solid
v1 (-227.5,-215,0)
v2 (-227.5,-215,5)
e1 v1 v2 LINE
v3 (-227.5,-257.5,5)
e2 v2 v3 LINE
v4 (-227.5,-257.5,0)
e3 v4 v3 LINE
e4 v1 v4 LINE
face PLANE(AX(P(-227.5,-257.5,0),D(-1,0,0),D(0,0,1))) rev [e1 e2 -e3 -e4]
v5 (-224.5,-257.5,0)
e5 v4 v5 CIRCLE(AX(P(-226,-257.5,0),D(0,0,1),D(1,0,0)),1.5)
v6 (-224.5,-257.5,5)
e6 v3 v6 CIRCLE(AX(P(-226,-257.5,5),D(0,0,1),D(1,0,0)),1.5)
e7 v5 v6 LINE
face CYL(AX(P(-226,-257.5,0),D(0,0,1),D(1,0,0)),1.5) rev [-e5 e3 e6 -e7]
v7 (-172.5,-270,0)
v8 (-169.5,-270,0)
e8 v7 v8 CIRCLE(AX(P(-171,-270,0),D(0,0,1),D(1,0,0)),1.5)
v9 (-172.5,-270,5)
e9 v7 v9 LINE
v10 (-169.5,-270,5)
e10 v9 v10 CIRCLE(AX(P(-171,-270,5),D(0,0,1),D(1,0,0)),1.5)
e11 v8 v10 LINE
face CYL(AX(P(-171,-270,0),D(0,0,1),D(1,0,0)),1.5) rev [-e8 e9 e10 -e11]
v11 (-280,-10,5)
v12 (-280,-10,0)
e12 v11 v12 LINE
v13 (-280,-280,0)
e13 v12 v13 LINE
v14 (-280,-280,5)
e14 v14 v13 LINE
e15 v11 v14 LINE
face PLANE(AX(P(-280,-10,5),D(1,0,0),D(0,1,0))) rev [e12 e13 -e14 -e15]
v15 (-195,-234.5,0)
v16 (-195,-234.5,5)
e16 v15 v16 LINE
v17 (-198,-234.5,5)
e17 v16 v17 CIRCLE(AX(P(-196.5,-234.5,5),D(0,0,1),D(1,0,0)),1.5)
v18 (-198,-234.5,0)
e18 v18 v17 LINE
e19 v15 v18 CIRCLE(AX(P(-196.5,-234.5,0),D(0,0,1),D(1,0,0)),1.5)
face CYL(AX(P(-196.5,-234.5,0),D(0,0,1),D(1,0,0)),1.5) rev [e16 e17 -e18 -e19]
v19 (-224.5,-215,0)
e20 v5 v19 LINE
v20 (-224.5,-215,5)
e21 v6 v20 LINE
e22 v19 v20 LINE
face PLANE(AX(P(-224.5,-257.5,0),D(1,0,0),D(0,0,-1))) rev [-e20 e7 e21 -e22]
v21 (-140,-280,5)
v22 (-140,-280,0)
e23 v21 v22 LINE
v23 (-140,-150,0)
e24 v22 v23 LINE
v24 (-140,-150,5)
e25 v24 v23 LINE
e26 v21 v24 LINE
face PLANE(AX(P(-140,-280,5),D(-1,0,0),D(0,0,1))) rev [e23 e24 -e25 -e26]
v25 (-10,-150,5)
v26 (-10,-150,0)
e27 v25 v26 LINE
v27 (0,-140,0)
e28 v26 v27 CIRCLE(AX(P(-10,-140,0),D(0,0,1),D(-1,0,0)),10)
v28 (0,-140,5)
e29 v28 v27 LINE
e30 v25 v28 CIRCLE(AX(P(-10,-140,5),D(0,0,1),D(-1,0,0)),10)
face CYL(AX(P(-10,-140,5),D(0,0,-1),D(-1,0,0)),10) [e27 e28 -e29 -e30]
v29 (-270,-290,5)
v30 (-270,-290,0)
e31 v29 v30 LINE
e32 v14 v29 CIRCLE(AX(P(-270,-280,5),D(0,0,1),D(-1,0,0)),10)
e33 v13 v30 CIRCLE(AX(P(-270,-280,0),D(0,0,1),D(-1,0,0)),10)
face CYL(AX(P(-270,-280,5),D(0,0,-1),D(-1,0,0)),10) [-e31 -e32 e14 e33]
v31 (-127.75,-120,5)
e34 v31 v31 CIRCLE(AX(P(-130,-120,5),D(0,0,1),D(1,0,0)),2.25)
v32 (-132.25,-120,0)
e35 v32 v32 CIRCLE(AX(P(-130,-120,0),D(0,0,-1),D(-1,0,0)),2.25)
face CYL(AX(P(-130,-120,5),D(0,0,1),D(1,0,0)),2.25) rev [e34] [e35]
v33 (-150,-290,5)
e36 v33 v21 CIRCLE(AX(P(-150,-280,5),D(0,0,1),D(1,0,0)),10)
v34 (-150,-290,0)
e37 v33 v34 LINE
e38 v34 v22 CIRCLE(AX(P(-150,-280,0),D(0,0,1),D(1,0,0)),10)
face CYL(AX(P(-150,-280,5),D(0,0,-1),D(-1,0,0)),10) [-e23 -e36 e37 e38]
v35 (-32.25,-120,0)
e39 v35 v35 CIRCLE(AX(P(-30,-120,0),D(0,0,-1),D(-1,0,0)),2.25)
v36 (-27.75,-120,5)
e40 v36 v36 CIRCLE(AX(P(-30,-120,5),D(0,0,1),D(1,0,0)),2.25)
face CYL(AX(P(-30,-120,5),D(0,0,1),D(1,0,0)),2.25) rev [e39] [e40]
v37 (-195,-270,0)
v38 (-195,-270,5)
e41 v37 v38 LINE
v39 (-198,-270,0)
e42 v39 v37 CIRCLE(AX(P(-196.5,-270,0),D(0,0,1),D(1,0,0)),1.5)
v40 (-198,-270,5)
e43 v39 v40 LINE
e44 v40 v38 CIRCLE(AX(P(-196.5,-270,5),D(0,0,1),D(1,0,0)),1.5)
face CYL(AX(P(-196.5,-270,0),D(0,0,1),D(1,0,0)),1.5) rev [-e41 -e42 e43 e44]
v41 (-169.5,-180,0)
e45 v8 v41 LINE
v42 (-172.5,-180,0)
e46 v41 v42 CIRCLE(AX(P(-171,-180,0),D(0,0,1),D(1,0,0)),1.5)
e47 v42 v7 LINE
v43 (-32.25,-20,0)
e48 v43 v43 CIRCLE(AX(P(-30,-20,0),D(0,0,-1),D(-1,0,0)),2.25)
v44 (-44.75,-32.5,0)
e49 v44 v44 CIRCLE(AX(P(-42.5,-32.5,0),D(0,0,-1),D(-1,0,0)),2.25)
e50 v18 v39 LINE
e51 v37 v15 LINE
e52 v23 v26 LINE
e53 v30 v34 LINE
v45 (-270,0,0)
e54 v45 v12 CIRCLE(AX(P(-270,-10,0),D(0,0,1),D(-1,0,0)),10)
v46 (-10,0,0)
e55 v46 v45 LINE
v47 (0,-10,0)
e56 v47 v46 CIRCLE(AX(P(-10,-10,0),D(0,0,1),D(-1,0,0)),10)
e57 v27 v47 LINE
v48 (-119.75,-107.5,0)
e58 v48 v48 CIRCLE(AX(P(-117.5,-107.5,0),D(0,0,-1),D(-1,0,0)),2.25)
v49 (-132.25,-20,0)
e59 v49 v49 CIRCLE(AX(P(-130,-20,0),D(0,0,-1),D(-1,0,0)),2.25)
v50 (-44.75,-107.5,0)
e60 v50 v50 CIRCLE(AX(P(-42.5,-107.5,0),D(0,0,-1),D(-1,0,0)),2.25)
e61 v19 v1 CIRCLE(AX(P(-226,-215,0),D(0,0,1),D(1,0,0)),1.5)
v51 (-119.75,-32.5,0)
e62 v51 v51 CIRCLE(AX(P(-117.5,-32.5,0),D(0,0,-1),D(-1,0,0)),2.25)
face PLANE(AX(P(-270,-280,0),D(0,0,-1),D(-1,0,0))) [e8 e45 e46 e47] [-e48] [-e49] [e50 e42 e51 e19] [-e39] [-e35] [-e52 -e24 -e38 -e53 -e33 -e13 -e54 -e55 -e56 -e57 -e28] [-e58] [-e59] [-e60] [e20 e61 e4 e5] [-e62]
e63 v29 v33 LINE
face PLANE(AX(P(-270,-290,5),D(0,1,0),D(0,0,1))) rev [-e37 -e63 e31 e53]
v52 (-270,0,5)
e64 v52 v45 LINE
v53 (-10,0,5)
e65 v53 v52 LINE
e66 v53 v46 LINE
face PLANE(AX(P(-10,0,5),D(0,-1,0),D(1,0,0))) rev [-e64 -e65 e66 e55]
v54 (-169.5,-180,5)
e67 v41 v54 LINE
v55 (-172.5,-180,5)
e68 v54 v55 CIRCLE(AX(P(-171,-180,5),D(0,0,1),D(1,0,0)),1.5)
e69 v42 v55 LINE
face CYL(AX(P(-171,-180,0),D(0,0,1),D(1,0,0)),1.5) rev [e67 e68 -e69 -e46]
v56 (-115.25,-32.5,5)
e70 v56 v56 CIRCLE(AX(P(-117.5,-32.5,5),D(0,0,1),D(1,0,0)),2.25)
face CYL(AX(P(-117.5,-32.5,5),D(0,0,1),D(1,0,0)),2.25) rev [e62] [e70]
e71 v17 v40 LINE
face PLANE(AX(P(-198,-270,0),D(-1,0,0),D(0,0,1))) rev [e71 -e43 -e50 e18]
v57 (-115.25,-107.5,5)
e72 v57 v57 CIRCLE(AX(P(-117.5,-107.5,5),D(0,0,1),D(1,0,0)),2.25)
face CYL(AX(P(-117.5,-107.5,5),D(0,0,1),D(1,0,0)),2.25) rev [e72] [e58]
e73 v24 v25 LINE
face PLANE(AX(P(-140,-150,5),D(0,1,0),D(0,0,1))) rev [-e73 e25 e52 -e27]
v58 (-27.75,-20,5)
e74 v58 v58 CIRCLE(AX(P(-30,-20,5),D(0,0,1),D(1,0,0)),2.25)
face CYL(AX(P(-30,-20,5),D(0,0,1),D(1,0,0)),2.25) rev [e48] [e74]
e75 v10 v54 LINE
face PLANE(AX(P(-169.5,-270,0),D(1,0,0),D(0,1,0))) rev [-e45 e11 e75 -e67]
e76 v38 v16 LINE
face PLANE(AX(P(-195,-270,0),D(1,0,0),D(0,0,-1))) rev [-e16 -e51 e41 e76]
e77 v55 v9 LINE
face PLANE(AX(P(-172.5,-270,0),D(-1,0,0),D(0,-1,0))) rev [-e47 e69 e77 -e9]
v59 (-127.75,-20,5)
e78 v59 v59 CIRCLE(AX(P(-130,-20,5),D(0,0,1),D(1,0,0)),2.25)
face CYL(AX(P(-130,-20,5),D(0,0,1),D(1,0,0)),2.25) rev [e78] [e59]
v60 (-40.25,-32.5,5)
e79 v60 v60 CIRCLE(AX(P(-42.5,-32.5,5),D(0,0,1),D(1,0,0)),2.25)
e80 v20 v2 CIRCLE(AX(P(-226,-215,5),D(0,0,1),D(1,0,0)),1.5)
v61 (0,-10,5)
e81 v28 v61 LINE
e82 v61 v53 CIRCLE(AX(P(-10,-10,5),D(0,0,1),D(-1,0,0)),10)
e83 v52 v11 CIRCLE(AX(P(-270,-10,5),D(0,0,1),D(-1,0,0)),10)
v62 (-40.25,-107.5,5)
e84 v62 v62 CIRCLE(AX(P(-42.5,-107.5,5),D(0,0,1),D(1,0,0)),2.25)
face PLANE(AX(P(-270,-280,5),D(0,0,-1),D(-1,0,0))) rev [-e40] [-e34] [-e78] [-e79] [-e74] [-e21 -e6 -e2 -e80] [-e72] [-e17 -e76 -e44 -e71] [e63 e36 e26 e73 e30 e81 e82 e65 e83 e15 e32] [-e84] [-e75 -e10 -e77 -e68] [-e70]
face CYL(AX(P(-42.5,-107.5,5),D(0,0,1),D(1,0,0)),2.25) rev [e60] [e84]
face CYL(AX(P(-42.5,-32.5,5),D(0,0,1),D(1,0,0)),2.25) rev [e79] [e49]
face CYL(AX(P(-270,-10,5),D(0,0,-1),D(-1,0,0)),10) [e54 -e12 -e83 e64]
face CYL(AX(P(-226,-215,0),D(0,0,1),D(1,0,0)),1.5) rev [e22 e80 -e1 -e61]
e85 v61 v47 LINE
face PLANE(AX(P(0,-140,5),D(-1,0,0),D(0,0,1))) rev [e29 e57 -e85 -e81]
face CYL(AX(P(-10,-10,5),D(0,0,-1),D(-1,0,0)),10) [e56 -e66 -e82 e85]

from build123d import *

# Parameters (mm, degrees)
BOSS_EXTRUDE1_DEPTH      = 5
M4_CLEARANCE_HOLE1_D     = 4.5
M4_CLEARANCE_HOLE1_DEPTH = 10
M4_CLEARANCE_HOLE1_TIP   = 1.351936393
CUT_EXTRUDE1_DEPTH       = 404.143894906


with BuildPart() as part:
    # Sketch1 → Boss-Extrude1 (new body)
    with BuildSketch(Plane.XY):
        with BuildLine():
            Line((-10, 0), (-270, 0))
            ThreePointArc((-270, 0), (-277.071067812, -2.928932188), (-280, -10))
            Line((-280, -10), (-280, -280))
            ThreePointArc((-280, -280), (-277.071067812, -287.071067812), (-270, -290))
            Line((-270, -290), (-150, -290))
            ThreePointArc((-150, -290), (-142.928932188, -287.071067812), (-140, -280))
            Line((-140, -280), (-140, -150))
            Line((-140, -150), (-10, -150))
            ThreePointArc((-10, -150), (-2.928932188, -147.071067812), (0, -140))
            Line((0, -140), (0, -10))
            ThreePointArc((0, -10), (-2.928932188, -2.928932188), (-10, 0))
        make_face()
    extrude(amount=BOSS_EXTRUDE1_DEPTH)

    # M4 Clearance Hole1
    with Locations(Plane.XY.offset(5)):
        with Locations((-130, -120), (-30, -120), (-30, -20), (-130, -20), (-117.5, -107.5), (-42.5, -107.5), (-42.5, -32.5), (-117.5, -32.5)):
            Hole(M4_CLEARANCE_HOLE1_D / 2, depth=M4_CLEARANCE_HOLE1_DEPTH)
            with Locations((0, 0, -(M4_CLEARANCE_HOLE1_DEPTH + M4_CLEARANCE_HOLE1_TIP / 2))):  # 118° drill point
                Cone(0, M4_CLEARANCE_HOLE1_D / 2, M4_CLEARANCE_HOLE1_TIP, mode=Mode.SUBTRACT)

    # Sketch4 → Cut-Extrude1 (cut, through all)
    with BuildSketch(Plane.XY.offset(5)):
        with BuildLine():
            Line((-172.5, -270), (-172.5, -180))
            ThreePointArc((-172.5, -180), (-171, -178.5), (-169.5, -180))
            Line((-169.5, -180), (-169.5, -270))
            ThreePointArc((-169.5, -270), (-171, -271.5), (-172.5, -270))
        make_face()
        with BuildLine():
            Line((-198, -270), (-198, -234.5))
            ThreePointArc((-198, -234.5), (-196.5, -233), (-195, -234.5))
            Line((-195, -234.5), (-195, -270))
            ThreePointArc((-195, -270), (-196.5, -271.5), (-198, -270))
        make_face()
        with BuildLine():
            Line((-227.5, -257.5), (-227.5, -215))
            ThreePointArc((-227.5, -215), (-226, -213.5), (-224.5, -215))
            Line((-224.5, -215), (-224.5, -257.5))
            ThreePointArc((-224.5, -257.5), (-226, -259), (-227.5, -257.5))
        make_face()
    extrude(amount=-CUT_EXTRUDE1_DEPTH, mode=Mode.SUBTRACT)


solid = part.part
